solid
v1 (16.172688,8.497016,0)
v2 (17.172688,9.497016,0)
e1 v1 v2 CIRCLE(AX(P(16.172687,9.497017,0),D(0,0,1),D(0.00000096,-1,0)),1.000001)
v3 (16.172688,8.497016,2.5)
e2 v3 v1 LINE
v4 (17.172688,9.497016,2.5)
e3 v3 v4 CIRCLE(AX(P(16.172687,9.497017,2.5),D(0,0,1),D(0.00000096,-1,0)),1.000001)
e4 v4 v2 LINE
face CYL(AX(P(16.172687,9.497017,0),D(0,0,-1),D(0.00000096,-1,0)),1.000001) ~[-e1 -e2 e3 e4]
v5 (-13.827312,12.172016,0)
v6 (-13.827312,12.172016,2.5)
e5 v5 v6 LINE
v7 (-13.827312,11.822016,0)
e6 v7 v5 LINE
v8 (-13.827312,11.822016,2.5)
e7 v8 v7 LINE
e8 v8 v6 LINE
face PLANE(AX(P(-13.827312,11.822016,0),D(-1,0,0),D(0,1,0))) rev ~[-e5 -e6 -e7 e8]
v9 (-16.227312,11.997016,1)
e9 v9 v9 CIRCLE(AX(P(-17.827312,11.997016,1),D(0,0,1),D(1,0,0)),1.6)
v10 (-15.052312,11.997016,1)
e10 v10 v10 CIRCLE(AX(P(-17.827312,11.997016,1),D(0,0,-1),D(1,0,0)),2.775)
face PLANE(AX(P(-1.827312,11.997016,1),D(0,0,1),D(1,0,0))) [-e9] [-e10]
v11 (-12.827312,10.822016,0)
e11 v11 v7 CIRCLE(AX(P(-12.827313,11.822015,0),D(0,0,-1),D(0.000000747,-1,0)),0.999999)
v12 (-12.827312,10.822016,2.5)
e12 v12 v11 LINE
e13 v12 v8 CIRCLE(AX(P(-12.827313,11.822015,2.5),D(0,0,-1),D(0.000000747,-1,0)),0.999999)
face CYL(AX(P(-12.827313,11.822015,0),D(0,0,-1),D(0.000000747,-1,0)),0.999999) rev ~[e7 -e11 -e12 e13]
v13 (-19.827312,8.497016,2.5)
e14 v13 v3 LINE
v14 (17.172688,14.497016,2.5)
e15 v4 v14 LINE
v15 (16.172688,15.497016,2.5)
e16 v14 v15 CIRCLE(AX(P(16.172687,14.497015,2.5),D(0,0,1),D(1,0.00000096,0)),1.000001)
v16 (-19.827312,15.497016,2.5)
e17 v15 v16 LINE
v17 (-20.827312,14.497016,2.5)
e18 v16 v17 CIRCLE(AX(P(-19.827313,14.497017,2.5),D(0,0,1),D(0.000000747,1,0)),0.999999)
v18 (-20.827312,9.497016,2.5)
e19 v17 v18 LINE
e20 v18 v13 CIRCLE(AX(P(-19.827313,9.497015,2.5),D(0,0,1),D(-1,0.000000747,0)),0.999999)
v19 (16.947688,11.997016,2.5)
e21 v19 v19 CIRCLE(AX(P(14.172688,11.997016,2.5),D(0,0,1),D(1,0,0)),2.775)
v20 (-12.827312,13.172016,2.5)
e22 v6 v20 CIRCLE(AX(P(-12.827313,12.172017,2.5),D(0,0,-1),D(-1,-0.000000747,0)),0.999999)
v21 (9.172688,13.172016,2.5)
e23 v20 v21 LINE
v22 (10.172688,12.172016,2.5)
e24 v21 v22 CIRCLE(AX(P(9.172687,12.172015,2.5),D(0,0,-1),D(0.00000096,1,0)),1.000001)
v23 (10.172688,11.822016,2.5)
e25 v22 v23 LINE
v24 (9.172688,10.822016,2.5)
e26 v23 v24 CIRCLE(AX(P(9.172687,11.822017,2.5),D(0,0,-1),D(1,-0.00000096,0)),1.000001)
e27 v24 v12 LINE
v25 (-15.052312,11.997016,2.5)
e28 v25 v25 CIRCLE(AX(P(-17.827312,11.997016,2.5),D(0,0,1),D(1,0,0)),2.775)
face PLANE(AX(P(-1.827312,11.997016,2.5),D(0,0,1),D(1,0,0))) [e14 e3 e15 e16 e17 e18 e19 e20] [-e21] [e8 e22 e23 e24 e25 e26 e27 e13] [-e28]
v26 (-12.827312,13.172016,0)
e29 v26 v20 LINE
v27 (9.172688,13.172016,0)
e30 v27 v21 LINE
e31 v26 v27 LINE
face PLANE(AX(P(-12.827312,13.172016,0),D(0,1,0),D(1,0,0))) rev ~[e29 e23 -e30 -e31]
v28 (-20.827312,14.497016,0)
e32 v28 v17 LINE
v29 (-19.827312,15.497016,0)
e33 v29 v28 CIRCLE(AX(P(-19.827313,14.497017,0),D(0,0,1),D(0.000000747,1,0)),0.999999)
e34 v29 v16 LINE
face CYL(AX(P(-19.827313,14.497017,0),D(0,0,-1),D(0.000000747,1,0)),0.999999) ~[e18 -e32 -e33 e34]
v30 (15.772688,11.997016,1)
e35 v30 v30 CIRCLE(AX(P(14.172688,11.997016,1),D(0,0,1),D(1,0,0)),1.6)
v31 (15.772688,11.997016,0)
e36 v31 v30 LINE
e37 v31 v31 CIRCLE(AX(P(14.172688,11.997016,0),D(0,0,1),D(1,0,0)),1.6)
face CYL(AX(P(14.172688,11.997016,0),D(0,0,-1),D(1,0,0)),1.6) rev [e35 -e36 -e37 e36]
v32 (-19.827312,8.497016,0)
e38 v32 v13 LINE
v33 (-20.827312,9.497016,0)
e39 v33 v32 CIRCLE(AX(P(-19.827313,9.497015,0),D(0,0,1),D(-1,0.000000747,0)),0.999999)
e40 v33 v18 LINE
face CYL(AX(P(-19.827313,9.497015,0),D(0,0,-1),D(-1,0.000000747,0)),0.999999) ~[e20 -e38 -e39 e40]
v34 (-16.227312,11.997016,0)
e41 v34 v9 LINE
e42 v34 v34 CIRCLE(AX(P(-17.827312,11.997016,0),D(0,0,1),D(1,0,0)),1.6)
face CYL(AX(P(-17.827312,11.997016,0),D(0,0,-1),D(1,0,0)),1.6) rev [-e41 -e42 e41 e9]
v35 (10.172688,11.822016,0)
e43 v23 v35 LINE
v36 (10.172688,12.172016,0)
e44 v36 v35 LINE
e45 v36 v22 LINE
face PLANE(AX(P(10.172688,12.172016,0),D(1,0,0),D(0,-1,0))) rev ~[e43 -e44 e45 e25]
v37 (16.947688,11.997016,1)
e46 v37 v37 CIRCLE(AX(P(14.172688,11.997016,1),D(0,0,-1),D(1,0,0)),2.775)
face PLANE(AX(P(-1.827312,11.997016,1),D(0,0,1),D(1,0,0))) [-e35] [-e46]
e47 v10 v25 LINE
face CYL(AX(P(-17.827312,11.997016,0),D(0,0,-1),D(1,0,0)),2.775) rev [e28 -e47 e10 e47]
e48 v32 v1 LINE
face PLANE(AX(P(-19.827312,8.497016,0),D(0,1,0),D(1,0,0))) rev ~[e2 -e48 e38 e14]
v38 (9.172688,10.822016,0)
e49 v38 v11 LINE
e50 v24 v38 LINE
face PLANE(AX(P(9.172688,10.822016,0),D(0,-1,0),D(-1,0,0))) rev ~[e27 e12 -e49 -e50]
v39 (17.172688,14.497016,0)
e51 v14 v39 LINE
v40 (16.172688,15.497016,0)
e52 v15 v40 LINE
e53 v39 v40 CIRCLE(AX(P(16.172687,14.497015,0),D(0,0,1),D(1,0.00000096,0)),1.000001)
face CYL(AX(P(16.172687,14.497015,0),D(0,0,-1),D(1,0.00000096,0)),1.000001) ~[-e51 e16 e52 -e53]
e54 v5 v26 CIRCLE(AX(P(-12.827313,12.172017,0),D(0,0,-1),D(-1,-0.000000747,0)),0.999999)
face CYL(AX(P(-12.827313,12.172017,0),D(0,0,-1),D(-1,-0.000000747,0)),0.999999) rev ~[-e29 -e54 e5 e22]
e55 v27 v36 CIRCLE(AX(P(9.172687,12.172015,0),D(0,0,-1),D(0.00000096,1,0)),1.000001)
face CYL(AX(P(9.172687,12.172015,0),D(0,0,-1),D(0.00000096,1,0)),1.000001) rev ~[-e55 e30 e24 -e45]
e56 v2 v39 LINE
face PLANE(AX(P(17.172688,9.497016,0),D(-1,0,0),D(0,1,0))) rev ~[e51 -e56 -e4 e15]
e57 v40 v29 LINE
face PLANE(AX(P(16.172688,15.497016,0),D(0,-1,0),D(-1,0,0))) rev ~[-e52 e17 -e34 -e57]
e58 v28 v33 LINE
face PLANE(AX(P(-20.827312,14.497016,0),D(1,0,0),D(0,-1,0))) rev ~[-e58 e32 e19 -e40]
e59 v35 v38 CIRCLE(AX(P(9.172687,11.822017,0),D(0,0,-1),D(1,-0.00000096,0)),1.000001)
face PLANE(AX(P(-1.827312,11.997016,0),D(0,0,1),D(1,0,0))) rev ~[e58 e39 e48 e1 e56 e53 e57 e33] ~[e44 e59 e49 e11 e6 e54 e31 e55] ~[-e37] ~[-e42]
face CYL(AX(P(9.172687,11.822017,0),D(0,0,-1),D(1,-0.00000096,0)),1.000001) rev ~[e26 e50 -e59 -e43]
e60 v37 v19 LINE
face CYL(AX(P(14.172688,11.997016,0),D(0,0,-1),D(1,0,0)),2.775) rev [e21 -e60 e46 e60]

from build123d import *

# Parameters (mm, degrees)
F0_R     = 2.775
F0_R_2   = 1.6
F1_DEPTH = 1
F2_DEPTH = 2.5


with BuildPart() as f1:
    # F0 (on Top) → F1 (new body)
    with BuildSketch(Plane.XY):
        with BuildLine():
            Line((16.172688, 15.497016), (-19.827312, 15.497016))
            ThreePointArc((-19.827312, 15.497016), (-20.534419, 15.204123), (-20.827312, 14.497016))
            Line((-20.827312, 14.497016), (-20.827312, 9.497016))
            ThreePointArc((-20.827312, 9.497016), (-20.534419, 8.789909), (-19.827312, 8.497016))
            Line((-19.827312, 8.497016), (16.172688, 8.497016))
            ThreePointArc((16.172688, 8.497016), (16.879794, 8.789909), (17.172688, 9.497016))
            Line((17.172688, 9.497016), (17.172688, 14.497016))
            ThreePointArc((17.172688, 14.497016), (16.879794, 15.204123), (16.172688, 15.497016))
        make_face()
        with Locations((-17.827312, 11.997016)):
            Circle(F0_R, mode=Mode.SUBTRACT)
        with BuildLine():
            ThreePointArc((-13.827312, 12.172016), (-13.534419, 12.879123), (-12.827312, 13.172016))
            Line((-12.827312, 13.172016), (9.172688, 13.172016))
            ThreePointArc((9.172688, 13.172016), (9.879794, 12.879123), (10.172688, 12.172016))
            Line((10.172688, 12.172016), (10.172688, 11.822016))
            ThreePointArc((10.172688, 11.822016), (9.879794, 11.114909), (9.172688, 10.822016))
            Line((9.172688, 10.822016), (-12.827312, 10.822016))
            ThreePointArc((-12.827312, 10.822016), (-13.534419, 11.114909), (-13.827312, 11.822016))
            Line((-13.827312, 11.822016), (-13.827312, 12.172016))
        make_face(mode=Mode.SUBTRACT)
        with Locations((14.172688, 11.997016)):
            Circle(F0_R, mode=Mode.SUBTRACT)
        with Locations((-17.827312, 11.997016)):
            Circle(F0_R)
        with Locations((-17.827312, 11.997016)):
            Circle(F0_R_2, mode=Mode.SUBTRACT)
        with Locations((14.172688, 11.997016)):
            Circle(F0_R)
        with Locations((14.172688, 11.997016)):
            Circle(F0_R_2, mode=Mode.SUBTRACT)
    extrude(amount=F1_DEPTH)

    # F0 (on Top) → F2 (join)
    with BuildSketch(Plane.XY):
        with BuildLine():
            Line((16.172688, 15.497016), (-19.827312, 15.497016))
            ThreePointArc((-19.827312, 15.497016), (-20.534419, 15.204123), (-20.827312, 14.497016))
            Line((-20.827312, 14.497016), (-20.827312, 9.497016))
            ThreePointArc((-20.827312, 9.497016), (-20.534419, 8.789909), (-19.827312, 8.497016))
            Line((-19.827312, 8.497016), (16.172688, 8.497016))
            ThreePointArc((16.172688, 8.497016), (16.879794, 8.789909), (17.172688, 9.497016))
            Line((17.172688, 9.497016), (17.172688, 14.497016))
            ThreePointArc((17.172688, 14.497016), (16.879794, 15.204123), (16.172688, 15.497016))
        make_face()
        with Locations((-17.827312, 11.997016)):
            Circle(F0_R, mode=Mode.SUBTRACT)
        with BuildLine():
            ThreePointArc((-13.827312, 12.172016), (-13.534419, 12.879123), (-12.827312, 13.172016))
            Line((-12.827312, 13.172016), (9.172688, 13.172016))
            ThreePointArc((9.172688, 13.172016), (9.879794, 12.879123), (10.172688, 12.172016))
            Line((10.172688, 12.172016), (10.172688, 11.822016))
            ThreePointArc((10.172688, 11.822016), (9.879794, 11.114909), (9.172688, 10.822016))
            Line((9.172688, 10.822016), (-12.827312, 10.822016))
            ThreePointArc((-12.827312, 10.822016), (-13.534419, 11.114909), (-13.827312, 11.822016))
            Line((-13.827312, 11.822016), (-13.827312, 12.172016))
        make_face(mode=Mode.SUBTRACT)
        with Locations((14.172688, 11.997016)):
            Circle(F0_R, mode=Mode.SUBTRACT)
    extrude(amount=F2_DEPTH)


solid = f1.part
